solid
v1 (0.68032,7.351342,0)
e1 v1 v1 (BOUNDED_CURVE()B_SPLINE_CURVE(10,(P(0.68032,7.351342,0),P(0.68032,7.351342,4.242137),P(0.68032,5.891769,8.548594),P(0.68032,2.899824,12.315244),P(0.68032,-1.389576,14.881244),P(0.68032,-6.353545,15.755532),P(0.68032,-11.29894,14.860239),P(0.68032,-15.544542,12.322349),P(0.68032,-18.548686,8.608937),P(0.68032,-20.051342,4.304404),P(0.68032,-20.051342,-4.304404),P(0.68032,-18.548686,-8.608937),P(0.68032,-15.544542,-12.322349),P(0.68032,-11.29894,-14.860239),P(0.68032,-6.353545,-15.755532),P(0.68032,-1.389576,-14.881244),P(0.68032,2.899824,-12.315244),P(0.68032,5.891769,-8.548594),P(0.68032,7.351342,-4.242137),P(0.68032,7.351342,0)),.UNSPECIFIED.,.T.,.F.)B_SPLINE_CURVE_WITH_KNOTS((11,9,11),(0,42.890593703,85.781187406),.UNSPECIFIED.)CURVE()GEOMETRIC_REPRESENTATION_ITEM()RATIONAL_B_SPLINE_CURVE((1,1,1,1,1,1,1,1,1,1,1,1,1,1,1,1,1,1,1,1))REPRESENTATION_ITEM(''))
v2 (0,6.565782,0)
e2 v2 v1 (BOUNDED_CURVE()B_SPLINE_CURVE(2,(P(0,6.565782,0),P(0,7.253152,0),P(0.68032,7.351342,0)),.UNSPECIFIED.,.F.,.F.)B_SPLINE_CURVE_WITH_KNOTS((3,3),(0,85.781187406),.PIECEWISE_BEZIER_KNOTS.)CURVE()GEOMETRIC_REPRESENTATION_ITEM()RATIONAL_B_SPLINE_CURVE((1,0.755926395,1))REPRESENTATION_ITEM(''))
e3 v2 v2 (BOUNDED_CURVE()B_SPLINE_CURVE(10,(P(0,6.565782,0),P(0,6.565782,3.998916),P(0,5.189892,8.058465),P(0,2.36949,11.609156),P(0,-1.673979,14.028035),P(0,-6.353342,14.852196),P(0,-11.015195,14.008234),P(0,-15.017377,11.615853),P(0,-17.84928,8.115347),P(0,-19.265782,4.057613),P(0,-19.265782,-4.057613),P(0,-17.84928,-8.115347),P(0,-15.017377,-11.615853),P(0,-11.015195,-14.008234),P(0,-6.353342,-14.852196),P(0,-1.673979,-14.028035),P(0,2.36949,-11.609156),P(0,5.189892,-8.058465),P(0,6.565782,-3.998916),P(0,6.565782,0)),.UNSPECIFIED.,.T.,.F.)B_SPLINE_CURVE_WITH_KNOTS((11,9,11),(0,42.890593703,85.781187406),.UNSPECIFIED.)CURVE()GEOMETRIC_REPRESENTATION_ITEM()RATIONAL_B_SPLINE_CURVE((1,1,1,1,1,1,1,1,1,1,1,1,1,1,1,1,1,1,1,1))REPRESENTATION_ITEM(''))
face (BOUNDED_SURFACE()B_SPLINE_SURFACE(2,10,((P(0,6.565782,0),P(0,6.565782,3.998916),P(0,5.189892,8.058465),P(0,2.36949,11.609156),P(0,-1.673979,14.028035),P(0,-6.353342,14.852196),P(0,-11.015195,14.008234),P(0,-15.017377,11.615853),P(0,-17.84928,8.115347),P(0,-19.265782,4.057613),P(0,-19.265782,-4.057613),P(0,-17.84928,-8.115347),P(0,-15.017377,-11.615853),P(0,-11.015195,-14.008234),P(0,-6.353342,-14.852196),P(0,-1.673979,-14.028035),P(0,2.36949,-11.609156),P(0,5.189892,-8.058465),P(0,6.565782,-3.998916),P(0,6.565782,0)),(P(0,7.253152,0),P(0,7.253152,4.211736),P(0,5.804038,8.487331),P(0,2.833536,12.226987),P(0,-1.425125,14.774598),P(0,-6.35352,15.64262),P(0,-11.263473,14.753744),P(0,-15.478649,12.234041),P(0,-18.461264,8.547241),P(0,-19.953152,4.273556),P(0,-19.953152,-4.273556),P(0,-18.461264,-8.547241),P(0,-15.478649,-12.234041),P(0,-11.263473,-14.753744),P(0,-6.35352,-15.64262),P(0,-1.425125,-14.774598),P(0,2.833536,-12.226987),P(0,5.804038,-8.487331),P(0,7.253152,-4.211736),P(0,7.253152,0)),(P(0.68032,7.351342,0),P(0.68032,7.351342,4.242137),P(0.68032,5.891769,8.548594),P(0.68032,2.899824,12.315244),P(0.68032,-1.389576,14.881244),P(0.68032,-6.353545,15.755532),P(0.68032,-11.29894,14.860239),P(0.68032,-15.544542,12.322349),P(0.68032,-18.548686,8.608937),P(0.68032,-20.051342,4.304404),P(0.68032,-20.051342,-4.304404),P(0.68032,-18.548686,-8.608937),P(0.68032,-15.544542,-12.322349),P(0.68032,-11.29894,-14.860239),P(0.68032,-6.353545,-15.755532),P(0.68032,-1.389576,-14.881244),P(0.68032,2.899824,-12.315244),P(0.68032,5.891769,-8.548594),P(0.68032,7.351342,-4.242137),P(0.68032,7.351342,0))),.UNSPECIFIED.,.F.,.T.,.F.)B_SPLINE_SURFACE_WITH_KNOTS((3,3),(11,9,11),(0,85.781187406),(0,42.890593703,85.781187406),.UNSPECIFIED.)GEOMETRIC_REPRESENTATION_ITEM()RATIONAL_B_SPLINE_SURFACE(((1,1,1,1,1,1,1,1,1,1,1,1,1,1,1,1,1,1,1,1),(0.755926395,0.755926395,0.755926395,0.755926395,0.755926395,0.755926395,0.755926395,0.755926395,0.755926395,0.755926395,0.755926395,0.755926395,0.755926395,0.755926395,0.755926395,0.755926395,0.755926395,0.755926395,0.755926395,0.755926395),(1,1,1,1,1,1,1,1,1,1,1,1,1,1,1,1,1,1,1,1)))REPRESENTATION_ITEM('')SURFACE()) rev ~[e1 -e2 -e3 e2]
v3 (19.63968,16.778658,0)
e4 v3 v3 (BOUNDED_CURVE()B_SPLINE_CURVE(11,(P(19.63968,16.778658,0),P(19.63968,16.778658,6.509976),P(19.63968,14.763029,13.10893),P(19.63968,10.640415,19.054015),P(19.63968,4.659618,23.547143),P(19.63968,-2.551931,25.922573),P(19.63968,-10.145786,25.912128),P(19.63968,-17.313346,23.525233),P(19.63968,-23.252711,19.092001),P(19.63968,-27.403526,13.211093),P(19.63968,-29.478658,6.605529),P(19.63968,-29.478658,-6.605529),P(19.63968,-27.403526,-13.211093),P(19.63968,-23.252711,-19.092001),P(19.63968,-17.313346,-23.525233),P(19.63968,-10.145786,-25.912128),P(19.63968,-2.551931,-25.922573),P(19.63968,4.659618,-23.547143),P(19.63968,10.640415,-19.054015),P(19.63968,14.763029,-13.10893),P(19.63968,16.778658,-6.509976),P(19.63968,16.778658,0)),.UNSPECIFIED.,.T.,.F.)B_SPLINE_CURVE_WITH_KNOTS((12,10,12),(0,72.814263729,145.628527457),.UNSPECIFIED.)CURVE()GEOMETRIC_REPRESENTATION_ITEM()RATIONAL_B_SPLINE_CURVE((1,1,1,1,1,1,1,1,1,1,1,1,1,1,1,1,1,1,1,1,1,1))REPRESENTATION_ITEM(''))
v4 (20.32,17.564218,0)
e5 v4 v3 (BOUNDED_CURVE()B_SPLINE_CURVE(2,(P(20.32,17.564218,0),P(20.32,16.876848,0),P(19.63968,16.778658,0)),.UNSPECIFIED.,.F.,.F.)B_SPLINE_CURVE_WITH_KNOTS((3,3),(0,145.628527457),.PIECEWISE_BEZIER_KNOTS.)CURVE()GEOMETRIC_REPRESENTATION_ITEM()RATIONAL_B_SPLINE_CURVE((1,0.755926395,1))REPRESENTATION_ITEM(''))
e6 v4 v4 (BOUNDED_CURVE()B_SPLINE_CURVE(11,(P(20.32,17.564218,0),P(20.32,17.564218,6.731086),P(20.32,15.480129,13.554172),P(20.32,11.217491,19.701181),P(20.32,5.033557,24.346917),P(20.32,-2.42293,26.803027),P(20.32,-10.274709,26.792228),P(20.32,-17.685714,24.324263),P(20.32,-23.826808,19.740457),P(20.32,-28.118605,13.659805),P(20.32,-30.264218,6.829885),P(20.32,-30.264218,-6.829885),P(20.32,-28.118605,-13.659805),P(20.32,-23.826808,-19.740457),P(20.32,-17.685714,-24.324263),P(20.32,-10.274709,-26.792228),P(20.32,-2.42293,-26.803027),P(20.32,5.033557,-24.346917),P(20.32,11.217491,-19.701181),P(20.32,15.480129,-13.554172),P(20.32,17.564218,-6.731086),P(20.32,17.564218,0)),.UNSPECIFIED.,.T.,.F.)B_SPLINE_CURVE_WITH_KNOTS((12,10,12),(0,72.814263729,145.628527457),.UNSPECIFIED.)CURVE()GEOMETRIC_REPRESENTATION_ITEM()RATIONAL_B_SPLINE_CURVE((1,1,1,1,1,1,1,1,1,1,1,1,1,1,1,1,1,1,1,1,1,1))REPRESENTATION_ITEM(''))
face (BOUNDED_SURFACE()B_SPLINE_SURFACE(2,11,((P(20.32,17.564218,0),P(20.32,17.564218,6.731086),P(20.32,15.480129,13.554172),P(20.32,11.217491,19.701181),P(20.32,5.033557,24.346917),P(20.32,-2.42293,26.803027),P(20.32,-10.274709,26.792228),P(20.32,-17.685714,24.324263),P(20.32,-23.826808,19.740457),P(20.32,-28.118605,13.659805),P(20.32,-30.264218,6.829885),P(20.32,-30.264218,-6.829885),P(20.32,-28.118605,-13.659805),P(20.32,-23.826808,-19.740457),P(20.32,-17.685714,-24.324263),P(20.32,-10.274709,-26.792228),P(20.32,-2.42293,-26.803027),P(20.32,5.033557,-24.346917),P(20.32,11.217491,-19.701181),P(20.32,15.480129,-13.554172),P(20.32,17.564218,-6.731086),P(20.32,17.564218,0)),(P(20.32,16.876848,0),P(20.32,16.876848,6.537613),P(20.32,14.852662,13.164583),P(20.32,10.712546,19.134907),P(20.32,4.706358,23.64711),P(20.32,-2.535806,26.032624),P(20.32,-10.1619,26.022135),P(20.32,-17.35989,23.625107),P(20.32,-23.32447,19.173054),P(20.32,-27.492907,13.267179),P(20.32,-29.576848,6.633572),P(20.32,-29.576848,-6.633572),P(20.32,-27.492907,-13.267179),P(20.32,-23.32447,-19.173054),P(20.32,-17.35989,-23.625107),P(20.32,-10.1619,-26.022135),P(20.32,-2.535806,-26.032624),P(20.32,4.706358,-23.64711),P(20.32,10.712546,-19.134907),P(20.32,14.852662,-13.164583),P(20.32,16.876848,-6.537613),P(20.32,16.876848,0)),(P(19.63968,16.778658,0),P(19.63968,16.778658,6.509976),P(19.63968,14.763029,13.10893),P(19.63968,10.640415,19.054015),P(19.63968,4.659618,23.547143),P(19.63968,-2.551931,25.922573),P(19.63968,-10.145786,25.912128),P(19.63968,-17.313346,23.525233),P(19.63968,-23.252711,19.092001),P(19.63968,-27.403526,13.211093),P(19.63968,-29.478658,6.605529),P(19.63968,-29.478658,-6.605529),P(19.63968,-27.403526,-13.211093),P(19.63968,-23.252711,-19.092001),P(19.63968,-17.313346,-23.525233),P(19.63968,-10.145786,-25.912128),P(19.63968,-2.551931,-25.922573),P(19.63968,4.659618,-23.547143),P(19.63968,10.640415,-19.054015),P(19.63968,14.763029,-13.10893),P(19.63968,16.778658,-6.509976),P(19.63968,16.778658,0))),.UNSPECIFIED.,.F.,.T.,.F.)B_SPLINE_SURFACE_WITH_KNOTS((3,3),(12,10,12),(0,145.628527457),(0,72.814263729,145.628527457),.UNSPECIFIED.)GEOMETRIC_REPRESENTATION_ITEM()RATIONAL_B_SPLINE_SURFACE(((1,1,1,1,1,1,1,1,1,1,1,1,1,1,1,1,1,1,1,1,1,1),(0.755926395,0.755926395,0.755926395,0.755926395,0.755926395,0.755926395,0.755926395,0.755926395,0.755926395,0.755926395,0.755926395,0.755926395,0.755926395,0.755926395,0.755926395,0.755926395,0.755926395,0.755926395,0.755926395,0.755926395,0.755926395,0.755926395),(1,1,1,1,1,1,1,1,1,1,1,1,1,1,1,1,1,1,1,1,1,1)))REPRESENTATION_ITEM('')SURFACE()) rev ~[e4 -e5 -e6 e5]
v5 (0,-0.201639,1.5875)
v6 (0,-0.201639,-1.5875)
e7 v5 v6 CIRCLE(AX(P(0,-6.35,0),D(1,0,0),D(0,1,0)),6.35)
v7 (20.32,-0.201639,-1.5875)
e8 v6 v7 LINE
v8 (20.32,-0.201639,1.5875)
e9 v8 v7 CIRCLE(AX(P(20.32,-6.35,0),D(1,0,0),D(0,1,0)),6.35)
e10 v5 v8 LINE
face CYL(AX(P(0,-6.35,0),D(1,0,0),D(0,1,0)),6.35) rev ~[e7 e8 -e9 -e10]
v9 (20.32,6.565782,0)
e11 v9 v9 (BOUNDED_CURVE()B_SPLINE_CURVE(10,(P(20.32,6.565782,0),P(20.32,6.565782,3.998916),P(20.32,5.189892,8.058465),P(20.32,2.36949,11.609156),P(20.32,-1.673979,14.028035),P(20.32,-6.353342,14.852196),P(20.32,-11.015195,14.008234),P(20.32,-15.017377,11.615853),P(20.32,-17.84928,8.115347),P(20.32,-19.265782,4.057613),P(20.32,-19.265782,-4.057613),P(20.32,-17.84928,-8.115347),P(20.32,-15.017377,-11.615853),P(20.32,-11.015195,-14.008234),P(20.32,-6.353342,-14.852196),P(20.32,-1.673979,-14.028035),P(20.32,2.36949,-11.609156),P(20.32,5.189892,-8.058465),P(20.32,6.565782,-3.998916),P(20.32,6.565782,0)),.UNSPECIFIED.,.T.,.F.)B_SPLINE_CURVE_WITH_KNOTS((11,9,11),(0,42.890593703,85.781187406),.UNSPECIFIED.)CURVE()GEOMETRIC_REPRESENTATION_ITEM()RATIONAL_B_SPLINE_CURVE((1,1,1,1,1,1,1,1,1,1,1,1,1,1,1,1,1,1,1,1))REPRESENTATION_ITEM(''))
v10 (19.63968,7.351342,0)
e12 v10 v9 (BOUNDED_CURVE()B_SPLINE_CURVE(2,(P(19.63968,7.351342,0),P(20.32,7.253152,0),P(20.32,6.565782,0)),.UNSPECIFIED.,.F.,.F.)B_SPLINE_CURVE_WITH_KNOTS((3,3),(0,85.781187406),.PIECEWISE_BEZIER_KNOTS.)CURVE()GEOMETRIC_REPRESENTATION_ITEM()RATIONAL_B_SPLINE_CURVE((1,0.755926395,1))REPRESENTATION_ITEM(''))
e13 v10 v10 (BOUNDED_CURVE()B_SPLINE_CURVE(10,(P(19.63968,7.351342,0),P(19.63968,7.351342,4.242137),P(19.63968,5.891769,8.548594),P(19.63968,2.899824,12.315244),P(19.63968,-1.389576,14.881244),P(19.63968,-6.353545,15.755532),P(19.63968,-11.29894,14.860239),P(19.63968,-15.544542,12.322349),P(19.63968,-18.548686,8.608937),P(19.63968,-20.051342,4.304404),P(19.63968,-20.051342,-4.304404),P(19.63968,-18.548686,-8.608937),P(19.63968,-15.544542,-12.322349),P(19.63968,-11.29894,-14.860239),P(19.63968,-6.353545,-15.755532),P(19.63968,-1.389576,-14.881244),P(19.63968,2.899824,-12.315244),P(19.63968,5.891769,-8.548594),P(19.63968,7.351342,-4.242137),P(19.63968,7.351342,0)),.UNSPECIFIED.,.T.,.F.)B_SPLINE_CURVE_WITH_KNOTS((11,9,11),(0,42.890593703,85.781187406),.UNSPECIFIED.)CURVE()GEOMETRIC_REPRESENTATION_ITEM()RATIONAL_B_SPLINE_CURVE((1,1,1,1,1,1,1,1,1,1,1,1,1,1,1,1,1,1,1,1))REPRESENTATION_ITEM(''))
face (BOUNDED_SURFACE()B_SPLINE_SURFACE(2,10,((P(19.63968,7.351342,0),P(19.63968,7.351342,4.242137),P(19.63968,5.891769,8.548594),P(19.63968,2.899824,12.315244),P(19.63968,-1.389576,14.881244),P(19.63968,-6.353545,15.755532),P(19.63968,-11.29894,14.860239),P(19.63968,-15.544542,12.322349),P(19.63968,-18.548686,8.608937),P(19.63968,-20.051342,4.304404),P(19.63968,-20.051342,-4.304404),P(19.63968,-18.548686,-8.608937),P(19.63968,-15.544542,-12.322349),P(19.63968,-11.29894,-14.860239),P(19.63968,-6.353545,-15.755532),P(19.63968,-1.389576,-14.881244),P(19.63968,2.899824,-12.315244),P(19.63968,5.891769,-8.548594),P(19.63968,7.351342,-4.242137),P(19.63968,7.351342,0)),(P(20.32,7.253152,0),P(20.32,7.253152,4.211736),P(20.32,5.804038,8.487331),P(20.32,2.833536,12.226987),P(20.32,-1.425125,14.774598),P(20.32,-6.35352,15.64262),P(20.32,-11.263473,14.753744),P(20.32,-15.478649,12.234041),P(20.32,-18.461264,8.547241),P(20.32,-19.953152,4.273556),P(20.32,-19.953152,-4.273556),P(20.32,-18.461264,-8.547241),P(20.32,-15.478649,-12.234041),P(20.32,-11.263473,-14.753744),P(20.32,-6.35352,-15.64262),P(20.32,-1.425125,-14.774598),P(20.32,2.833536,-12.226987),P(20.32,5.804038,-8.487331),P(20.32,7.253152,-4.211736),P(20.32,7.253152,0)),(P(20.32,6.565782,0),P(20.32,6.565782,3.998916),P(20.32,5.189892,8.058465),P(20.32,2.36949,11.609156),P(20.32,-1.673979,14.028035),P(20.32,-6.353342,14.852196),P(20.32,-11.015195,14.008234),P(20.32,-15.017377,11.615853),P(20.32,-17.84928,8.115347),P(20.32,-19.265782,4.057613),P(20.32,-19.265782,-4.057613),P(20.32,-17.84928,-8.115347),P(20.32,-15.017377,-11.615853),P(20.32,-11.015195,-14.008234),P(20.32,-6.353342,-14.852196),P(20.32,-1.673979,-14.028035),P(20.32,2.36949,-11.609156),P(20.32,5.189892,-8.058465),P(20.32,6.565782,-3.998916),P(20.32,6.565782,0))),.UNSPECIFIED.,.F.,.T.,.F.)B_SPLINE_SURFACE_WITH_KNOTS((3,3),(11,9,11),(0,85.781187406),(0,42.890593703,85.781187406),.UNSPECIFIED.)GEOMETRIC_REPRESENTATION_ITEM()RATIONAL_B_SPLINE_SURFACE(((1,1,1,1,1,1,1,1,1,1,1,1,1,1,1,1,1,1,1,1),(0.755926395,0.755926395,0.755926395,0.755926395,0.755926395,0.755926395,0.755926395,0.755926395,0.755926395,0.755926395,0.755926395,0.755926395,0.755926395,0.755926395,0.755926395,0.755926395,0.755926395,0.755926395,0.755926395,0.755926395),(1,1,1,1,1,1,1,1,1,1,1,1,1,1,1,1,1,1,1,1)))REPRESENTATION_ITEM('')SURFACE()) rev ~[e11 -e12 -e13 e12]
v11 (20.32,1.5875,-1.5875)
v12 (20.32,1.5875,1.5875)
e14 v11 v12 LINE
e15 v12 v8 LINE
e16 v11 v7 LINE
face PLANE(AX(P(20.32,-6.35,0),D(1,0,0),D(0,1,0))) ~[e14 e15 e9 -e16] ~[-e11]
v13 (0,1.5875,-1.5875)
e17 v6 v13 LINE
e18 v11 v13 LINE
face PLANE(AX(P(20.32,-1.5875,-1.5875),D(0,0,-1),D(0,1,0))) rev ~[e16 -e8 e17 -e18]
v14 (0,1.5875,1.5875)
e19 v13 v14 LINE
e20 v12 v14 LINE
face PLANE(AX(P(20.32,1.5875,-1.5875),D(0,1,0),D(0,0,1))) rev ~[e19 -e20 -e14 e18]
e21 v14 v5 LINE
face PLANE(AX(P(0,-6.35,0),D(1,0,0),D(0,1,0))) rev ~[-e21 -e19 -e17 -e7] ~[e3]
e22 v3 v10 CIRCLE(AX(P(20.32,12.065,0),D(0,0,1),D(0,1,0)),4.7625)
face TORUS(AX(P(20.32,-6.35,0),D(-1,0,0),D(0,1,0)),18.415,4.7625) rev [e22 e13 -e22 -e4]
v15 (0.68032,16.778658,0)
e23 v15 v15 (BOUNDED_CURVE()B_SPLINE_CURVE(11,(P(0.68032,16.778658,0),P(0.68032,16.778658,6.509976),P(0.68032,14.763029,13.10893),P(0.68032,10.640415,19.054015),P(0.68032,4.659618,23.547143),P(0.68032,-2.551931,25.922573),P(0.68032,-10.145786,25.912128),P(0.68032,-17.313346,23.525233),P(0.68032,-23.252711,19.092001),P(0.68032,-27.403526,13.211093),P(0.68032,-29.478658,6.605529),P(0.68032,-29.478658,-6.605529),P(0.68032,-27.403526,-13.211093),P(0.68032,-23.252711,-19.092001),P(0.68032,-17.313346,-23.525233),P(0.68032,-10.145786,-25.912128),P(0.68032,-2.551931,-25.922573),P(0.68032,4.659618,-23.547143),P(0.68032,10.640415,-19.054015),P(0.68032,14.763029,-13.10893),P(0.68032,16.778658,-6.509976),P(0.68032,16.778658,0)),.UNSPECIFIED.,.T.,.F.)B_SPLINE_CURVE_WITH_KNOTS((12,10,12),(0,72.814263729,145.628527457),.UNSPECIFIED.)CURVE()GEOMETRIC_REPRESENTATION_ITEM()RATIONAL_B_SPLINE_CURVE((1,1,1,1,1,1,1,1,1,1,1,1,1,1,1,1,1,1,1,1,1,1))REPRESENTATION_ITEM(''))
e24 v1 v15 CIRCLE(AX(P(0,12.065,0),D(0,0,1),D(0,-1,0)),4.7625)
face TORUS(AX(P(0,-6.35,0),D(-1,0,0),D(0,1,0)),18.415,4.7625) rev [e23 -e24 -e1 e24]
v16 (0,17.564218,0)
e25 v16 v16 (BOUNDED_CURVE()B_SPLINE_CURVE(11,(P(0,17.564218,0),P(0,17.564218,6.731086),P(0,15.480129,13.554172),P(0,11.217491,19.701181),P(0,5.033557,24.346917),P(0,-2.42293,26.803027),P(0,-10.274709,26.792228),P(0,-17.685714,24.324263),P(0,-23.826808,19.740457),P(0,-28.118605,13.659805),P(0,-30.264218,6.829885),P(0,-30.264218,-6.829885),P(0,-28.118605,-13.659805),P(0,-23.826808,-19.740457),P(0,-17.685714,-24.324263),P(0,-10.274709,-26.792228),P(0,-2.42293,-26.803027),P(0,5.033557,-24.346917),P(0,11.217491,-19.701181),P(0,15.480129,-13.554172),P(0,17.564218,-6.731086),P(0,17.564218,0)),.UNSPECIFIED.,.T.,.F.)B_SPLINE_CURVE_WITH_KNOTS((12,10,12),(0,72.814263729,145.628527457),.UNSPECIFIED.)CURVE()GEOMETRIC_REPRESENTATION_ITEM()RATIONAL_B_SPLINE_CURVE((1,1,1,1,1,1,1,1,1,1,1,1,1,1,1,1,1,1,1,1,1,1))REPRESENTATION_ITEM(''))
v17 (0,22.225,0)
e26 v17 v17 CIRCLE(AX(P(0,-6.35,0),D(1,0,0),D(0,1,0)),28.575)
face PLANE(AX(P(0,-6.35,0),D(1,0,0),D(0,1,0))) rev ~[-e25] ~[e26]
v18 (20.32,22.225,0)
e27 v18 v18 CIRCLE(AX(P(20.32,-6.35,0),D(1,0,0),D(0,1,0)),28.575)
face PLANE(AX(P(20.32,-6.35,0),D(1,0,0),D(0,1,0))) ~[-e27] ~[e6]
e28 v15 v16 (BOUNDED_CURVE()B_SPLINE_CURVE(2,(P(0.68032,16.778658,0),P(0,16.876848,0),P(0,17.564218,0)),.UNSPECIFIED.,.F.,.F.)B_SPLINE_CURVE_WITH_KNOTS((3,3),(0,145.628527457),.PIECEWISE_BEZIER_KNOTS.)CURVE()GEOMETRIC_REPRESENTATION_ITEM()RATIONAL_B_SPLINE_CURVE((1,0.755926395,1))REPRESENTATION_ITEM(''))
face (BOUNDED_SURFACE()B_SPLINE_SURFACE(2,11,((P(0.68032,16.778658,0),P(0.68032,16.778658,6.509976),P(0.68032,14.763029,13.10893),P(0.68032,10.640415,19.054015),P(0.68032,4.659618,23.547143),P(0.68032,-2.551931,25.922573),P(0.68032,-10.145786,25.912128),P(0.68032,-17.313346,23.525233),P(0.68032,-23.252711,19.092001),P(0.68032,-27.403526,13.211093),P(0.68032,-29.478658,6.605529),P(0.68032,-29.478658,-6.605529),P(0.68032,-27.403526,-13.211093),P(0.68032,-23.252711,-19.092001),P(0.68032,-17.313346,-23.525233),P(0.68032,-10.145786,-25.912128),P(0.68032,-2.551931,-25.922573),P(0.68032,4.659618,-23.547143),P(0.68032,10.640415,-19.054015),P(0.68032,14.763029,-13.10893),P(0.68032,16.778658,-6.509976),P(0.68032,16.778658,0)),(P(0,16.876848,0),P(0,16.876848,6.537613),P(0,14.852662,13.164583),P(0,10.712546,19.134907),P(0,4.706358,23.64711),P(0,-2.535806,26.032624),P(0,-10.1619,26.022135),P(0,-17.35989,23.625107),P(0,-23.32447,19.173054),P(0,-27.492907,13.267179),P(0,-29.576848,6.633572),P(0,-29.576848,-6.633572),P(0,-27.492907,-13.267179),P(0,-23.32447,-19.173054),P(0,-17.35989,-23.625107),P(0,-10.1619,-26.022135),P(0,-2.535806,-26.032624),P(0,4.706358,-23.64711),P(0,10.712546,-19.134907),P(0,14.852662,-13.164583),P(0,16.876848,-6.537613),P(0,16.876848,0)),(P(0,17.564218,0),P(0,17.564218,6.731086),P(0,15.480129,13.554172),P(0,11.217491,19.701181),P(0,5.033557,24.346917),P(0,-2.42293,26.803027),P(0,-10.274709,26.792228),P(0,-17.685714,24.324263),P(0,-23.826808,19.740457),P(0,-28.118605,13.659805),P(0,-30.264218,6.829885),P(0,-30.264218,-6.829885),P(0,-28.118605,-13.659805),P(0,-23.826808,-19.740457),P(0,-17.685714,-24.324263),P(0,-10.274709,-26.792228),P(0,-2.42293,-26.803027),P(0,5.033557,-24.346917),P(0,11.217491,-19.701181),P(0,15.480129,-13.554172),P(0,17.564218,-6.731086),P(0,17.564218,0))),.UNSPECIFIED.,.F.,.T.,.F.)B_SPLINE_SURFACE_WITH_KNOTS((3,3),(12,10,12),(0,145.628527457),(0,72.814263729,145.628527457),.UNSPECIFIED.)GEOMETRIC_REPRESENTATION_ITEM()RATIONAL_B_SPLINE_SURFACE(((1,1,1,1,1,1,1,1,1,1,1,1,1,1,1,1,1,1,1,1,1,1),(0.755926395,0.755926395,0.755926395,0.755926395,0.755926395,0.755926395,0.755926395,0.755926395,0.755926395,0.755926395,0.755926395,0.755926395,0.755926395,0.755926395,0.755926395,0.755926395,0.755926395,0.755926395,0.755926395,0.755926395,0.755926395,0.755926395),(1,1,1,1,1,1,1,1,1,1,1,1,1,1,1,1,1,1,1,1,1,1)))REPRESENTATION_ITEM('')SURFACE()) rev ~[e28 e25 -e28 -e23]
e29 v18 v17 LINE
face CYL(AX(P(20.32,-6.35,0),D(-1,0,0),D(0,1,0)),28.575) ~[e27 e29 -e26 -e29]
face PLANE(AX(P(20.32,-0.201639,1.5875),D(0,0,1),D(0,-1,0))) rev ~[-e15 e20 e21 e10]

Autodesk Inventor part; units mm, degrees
ref_plane "YZ Plane" through (0, 0, 0) normal (1, 0, 0) x (0, 1, 0)
ref_plane "XZ Plane" through (0, 0, 0) normal (0, 1, 0) x (-1, 0, 0)
ref_plane "XY Plane" through (0, 0, 0) normal (0, 0, 1) x (1, 0, 0)
sketch "Sketch1" plane through (0, 0, 0) normal (0, 0, 1) x (1, 0, 0)
  line L0 (0, 0) -> (20.32, 0)
  line L1 (20.32, 0) -> (20.32, 7.3025)
  line L2 (20.32, 22.225) -> (0, 22.225)
  line L3 (0, 22.225) -> (0, 16.8275)
  line L4 (0, -6.35) -> (20.32, -6.35) construction
  arc A0 (0, 7.3025) -> (0, 16.8275) centre (0, 12.065) ccw
  arc A1 (20.32, 16.8275) -> (20.32, 7.3025) centre (20.32, 12.065) ccw
  line L5 (0, 16.8275) -> (0, 7.3025) construction
  line L6 (0, 7.3025) -> (0, 0)
  line L7 (20.32, 16.8275) -> (20.32, 22.225)
  line L8 (20.32, 7.3025) -> (20.32, 16.8275) construction
  dimension "d0" = 20.32
  dimension "d1" = 22.225
  dimension "d3" = 6.35
  dimension "d4" = 10.16
  dimension "d5" = 4.7625
  dimension "d6" = 4.7625
  dimension "d7" = 10.16
revolve "Revolution1" add sketch "Sketch1" angle 360 about axis through (0, -6.35, 0) along (1, 0, 0)
fillet "Fillet1" radius 0.7937 4 edges at (20.32, -29.5275, 0) (20.32, -20.0025, 0) (0, -20.0025, 0) (0, -29.5275, 0)
sketch "Sketch2" plane through (20.32, -6.35, 0) normal (1, 0, 0) x (0, 0, -1)
  circle A0 centre (0, 0) radius 6.35 projected
  line L0 (-1.5875, 4.7625) -> (1.5875, 4.7625)
  line L1 (1.5875, 4.7625) -> (1.5875, 7.9375)
  line L2 (1.5875, 7.9375) -> (-1.5875, 7.9375)
  line L3 (-1.5875, 7.9375) -> (-1.5875, 4.7625)
  point P0 (0, 6.35)
  dimension "d13" = 12.7
  dimension "d10" = 3.175
  dimension "d11" = 3.175
  dimension "d12" = 1.5875
  dimension "d14" = 7.9375
extrude "Extrusion1" cut sketch "Sketch2" against normal blind 25.4 contours L1 L0 L3 A0 | A0 L3 L2 L1 picked at (0.1781, 5.2842)
equation "\"d6\" = d5"
equation "\"d7\" = d4"
equation "\"d10\" = d11"
equation "\"d12\" = 0.5 * d11"
equation "\"d14\" = 0.5 * d13 + d12"
properties part number "bane bots wheel hub 3 in"
